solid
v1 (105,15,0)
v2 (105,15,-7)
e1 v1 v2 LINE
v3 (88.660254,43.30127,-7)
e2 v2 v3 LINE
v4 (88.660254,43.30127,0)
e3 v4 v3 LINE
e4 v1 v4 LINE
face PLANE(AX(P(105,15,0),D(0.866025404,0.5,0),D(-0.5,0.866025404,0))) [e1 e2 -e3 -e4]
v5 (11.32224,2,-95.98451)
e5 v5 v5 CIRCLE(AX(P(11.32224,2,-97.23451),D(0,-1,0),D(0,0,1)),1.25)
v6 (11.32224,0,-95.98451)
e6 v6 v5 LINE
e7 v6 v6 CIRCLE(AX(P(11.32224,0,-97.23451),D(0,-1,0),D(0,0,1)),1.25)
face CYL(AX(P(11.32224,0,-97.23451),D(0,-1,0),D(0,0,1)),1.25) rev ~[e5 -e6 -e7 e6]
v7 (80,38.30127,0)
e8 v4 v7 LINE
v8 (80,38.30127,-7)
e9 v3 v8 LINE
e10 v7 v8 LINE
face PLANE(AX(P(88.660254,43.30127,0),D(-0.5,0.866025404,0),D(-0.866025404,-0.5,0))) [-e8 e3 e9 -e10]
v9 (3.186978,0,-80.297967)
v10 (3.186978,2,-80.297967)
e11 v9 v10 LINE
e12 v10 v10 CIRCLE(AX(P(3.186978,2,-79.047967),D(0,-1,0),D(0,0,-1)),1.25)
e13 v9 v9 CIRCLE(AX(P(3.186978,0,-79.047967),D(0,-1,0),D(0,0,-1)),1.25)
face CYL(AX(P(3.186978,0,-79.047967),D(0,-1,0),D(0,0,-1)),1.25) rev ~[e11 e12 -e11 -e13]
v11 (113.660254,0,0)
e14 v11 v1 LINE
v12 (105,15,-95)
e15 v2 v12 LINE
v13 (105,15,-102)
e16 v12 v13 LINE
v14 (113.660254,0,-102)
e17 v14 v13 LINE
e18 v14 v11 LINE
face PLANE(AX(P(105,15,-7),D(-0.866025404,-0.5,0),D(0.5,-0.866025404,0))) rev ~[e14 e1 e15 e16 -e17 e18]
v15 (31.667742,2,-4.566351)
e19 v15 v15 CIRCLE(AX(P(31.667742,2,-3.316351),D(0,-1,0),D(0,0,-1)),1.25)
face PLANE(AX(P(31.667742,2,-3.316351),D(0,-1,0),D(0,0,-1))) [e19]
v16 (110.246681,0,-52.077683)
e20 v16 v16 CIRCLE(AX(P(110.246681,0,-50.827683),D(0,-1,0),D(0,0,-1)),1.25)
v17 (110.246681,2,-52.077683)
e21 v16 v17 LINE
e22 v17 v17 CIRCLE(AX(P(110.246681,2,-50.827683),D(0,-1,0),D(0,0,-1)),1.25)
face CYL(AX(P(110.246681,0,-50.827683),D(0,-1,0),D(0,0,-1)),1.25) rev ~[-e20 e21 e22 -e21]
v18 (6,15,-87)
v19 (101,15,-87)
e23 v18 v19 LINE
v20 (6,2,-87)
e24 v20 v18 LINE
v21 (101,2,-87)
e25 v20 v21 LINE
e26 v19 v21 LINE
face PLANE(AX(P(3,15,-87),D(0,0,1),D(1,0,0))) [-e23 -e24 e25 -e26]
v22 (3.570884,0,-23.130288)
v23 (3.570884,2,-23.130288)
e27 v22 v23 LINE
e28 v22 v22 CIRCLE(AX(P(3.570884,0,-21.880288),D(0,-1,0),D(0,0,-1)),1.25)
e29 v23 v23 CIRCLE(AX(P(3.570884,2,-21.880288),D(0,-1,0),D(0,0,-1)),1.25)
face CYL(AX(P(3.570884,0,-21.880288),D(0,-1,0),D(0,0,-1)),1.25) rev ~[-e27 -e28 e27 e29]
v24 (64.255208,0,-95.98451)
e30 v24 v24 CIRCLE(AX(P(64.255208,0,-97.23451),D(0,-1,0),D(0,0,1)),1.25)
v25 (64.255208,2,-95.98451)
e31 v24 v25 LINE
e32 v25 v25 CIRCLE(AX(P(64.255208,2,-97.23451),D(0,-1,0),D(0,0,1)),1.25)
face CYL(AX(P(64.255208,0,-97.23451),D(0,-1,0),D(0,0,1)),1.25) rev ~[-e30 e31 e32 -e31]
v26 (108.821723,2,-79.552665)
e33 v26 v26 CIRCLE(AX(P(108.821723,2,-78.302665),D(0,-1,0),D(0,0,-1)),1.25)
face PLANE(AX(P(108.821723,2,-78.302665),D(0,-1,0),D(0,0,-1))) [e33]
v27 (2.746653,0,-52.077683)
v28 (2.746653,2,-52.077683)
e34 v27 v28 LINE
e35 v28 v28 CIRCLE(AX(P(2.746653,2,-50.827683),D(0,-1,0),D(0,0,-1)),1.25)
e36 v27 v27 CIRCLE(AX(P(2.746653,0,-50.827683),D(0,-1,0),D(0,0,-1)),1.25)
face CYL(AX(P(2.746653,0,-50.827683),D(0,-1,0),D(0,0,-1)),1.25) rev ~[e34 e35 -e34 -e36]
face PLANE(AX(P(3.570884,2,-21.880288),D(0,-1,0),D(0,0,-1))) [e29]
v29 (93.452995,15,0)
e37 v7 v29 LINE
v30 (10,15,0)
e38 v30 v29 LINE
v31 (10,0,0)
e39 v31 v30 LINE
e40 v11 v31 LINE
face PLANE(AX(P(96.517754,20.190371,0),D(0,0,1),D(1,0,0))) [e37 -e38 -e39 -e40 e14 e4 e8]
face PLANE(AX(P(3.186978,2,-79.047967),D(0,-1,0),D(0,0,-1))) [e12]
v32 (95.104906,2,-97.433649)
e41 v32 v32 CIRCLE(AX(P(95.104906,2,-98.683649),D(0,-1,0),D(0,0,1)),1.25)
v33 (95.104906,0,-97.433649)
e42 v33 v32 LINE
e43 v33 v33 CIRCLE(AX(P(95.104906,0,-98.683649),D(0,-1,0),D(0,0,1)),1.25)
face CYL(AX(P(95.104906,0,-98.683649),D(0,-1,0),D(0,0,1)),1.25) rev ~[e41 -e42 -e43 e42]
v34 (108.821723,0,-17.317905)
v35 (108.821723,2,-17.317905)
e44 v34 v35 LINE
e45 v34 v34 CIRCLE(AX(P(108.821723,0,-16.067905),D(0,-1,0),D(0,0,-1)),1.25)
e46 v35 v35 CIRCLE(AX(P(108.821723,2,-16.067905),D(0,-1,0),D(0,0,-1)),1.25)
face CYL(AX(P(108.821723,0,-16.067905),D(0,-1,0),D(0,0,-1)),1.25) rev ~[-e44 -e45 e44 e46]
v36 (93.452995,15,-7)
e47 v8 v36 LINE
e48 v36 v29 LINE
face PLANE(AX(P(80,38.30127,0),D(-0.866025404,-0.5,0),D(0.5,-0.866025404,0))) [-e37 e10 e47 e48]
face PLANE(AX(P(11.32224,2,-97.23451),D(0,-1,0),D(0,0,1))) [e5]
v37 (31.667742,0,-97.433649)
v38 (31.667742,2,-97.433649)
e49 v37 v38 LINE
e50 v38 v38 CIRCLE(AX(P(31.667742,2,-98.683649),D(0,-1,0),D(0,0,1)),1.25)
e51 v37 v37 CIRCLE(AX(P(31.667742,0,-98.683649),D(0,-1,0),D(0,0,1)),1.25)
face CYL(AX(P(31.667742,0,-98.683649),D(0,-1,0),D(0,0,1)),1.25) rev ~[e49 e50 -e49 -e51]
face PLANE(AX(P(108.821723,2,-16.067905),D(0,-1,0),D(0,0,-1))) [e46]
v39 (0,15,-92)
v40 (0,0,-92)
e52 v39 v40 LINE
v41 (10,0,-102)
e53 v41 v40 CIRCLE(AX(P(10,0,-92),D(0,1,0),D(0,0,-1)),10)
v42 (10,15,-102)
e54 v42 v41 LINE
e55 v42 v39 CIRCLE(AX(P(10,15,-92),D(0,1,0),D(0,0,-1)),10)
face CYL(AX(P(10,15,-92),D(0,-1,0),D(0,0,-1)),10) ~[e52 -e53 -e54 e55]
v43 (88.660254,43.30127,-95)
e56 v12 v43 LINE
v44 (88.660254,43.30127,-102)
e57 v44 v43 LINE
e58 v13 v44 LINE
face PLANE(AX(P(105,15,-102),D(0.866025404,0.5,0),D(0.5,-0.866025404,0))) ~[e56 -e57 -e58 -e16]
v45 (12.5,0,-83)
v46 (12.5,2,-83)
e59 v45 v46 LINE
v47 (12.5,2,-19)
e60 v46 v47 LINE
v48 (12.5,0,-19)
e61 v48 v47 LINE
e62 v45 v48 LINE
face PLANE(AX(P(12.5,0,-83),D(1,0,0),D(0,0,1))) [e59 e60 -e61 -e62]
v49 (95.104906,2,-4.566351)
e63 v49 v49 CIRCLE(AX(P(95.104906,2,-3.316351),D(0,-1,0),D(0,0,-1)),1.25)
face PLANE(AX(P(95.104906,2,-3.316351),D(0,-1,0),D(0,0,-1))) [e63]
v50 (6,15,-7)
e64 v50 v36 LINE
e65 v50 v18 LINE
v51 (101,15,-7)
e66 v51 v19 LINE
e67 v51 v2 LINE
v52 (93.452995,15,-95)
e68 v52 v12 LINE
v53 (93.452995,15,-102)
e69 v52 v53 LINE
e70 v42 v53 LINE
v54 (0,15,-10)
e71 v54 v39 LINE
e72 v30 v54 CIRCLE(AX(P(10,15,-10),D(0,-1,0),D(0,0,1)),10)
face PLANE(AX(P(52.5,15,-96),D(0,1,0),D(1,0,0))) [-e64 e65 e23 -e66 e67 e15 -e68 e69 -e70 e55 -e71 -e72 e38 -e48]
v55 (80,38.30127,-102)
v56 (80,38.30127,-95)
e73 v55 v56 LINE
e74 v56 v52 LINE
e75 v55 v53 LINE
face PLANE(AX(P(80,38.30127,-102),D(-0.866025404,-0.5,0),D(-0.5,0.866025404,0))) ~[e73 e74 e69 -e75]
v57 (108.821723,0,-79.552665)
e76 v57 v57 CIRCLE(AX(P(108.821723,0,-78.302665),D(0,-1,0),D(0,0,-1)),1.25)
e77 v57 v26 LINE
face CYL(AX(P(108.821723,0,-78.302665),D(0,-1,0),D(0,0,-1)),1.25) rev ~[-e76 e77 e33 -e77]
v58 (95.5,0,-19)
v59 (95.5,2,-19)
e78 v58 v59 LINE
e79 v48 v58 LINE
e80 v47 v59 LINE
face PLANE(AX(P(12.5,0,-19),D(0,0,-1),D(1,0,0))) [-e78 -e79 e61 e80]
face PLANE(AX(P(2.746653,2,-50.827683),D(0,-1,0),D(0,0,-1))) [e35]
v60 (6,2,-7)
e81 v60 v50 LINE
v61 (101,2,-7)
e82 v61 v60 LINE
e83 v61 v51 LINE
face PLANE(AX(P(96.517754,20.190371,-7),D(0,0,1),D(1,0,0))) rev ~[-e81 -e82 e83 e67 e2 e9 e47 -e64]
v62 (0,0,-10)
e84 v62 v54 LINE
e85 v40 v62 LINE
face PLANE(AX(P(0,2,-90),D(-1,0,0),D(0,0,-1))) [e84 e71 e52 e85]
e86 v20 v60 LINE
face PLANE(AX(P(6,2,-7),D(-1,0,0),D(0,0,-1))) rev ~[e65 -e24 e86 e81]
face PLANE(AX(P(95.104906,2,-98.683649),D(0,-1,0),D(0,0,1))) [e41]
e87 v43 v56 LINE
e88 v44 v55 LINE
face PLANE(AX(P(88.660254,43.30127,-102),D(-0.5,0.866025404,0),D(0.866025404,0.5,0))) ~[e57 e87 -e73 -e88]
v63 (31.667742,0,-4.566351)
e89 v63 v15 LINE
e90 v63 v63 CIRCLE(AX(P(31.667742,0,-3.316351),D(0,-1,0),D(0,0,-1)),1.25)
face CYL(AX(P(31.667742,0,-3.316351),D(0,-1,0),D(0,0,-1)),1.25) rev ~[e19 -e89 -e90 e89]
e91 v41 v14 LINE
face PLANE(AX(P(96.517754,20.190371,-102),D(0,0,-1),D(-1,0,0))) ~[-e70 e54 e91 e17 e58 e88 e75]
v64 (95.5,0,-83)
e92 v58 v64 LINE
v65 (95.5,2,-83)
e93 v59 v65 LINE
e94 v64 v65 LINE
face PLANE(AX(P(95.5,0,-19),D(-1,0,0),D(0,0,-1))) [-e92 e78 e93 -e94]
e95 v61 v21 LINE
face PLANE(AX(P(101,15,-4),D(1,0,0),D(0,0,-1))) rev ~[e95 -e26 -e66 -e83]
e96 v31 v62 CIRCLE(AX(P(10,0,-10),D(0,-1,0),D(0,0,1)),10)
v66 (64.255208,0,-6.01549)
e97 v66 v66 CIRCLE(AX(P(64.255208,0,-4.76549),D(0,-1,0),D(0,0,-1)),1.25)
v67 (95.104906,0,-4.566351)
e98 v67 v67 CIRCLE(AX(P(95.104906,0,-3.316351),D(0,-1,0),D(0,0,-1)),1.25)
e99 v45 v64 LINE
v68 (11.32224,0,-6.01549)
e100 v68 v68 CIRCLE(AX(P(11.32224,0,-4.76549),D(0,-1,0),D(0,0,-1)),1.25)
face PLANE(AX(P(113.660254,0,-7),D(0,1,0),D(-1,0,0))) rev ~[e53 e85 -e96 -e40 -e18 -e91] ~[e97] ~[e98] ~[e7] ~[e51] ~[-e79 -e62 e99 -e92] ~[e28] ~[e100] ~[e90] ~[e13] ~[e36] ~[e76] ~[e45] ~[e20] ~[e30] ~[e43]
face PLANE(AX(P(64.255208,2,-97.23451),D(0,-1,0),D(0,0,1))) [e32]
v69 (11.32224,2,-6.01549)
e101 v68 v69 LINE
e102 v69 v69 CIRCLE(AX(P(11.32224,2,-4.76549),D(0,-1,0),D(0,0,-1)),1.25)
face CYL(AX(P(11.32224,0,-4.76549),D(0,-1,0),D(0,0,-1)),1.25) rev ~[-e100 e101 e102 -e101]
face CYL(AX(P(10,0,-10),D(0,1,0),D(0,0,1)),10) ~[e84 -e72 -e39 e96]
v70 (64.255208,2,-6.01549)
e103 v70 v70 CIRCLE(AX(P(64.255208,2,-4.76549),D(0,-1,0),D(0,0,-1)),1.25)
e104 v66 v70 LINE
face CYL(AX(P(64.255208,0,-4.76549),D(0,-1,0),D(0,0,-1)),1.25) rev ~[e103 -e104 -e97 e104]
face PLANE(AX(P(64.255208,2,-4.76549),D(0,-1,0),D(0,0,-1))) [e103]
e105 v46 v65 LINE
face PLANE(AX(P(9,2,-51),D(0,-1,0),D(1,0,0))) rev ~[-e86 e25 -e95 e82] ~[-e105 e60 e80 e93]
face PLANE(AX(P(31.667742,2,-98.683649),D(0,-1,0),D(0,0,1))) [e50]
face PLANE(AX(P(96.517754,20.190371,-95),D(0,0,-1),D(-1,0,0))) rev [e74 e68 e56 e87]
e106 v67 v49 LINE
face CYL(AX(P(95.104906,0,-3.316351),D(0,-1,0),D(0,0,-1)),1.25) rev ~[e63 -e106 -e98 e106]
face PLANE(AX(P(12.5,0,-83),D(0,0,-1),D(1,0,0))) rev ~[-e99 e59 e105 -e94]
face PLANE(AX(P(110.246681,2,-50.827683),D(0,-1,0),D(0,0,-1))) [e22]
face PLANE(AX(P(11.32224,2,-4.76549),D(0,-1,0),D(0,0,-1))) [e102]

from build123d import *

# Parameters (mm, degrees)
SKIZZE6_W                        = 105
SKIZZE6_H                        = 90
AUFSATZ_LINEAR_AUSTRAGEN3_DEPTH  = 15
SKIZZE7_W                        = 98
SKIZZE7_H                        = 83
SCHNITT_LINEAR_AUSTRAGEN1_DEPTH  = 13
SKIZZE8_W                        = 93
SKIZZE8_H                        = 66
SCHNITT_LINEAR_AUSTRAGEN2_DEPTH  = 13
SKIZZE12_W                       = 83
SKIZZE12_H                       = 1
AUFSATZ_LINEAR_AUSTRAGEN4_DEPTH  = 2
SKIZZE13_W                       = 3
SKIZZE13_H                       = 80
SKIZZE13_H_2                     = 3
SKIZZE13_W_2                     = 95
AUFSATZ_LINEAR_AUSTRAGEN5_DEPTH  = 13
SKIZZE14_W                       = 105
SKIZZE14_H                       = 19
AUFSATZ_LINEAR_AUSTRAGEN7_DEPTH  = 2
SKIZZE15_W                       = 105
SKIZZE15_H                       = 12
AUFSATZ_LINEAR_AUSTRAGEN8_DEPTH  = 13
AUFSATZ_LINEAR_AUSTRAGEN13_DEPTH = 7
AUFSATZ_LINEAR_AUSTRAGEN14_DEPTH = 88
SKIZZE28_R                       = 1.25
SCHNITT_LINEAR_AUSTRAGEN3_DEPTH  = 2
VERRUNDUNG1_R                    = 10


with BuildPart() as part:
    # Skizze6 → Aufsatz-Linear austragen3 (new body)
    with BuildSketch(Plane(origin=(0, 0, 0), x_dir=(1, 0, 0), z_dir=(0, 1, 0))):
        with Locations((52.5, 45)):
            Rectangle(SKIZZE6_W, SKIZZE6_H)
    extrude(amount=AUFSATZ_LINEAR_AUSTRAGEN3_DEPTH)

    # Skizze7 → Schnitt-Linear austragen1 (cut)
    with BuildSketch(Plane(origin=(0, 15, 0), x_dir=(1, 0, 0), z_dir=(0, 1, 0))):
        with Locations((52, 45.5)):
            Rectangle(SKIZZE7_W, SKIZZE7_H)
    extrude(amount=-SCHNITT_LINEAR_AUSTRAGEN1_DEPTH, mode=Mode.SUBTRACT)

    # Skizze8 → Schnitt-Linear austragen2 (cut)
    with BuildSketch(Plane(origin=(0, 2, 0), x_dir=(1, 0, 0), z_dir=(0, 1, 0))):
        with Locations((52, 51)):
            Rectangle(SKIZZE8_W, SKIZZE8_H)
    extrude(amount=-SCHNITT_LINEAR_AUSTRAGEN2_DEPTH, mode=Mode.SUBTRACT)

    # Skizze12 → Aufsatz-Linear austragen4 (add)
    with BuildSketch(Plane.XZ):
        Polygon((5.5, -18), (5.5, -84), (12.5, -84), (12.5, -83), (12.5, -19), (12.5, -18), align=None)
        Polygon((95.5, -83), (95.5, -84), (98.5, -84), (98.5, -18), (95.5, -18), (95.5, -19), align=None)
        with Locations((54, -83.5)):
            Rectangle(SKIZZE12_W, SKIZZE12_H)
        with Locations((54, -18.5)):
            Rectangle(SKIZZE12_W, SKIZZE12_H)
    extrude(amount=-AUFSATZ_LINEAR_AUSTRAGEN4_DEPTH)

    # Skizze13 → Aufsatz-Linear austragen5 (add)
    with BuildSketch(Plane(origin=(0, 2, 0), x_dir=(1, 0, 0), z_dir=(0, 1, 0))):
        with Locations((4.5, 47)):
            Rectangle(SKIZZE13_W, SKIZZE13_H)
        with Locations((4.5, 5.5)):
            Rectangle(SKIZZE13_W, SKIZZE13_H_2)
        with Locations((53.5, 5.5)):
            Rectangle(SKIZZE13_W_2, SKIZZE13_H_2)
    extrude(amount=AUFSATZ_LINEAR_AUSTRAGEN5_DEPTH)

    # Skizze14 → Aufsatz-Linear austragen7 (add)
    with BuildSketch(Plane.XZ):
        with Locations((52.5, -92.5)):
            Rectangle(SKIZZE14_W, SKIZZE14_H)
    extrude(amount=-AUFSATZ_LINEAR_AUSTRAGEN7_DEPTH)

    # Skizze15 → Aufsatz-Linear austragen8 (add)
    with BuildSketch(Plane(origin=(0, 2, 0), x_dir=(1, 0, 0), z_dir=(0, 1, 0))):
        with Locations((52.5, 96)):
            Rectangle(SKIZZE15_W, SKIZZE15_H)
    extrude(amount=AUFSATZ_LINEAR_AUSTRAGEN8_DEPTH)

    # Skizze21 → Aufsatz-Linear austragen13 (add)
    with BuildSketch(Plane.XY):
        Polygon((113.660254038, 0), (105, 15), (88.660254038, 43.301270189), (80, 38.301270189), (102.113248654, 0), align=None)
    aufsatz_linear_austragen13 = extrude(amount=-AUFSATZ_LINEAR_AUSTRAGEN13_DEPTH)

    # Spiegeln2: Aufsatz-Linear austragen13 across plane
    add(aufsatz_linear_austragen13.mirror(Plane(origin=(0, 0, -51), x_dir=(1, 0, 0), z_dir=(0, 0, -1))))

    # Skizze22 → Aufsatz-Linear austragen14 (add)
    with BuildSketch(Plane(origin=(0, 0, -7), x_dir=(-1, 0, 0), z_dir=(0, 0, -1))):
        Polygon((-113.660254038, 0), (-105, 0), (-105, 15), align=None)
    extrude(amount=AUFSATZ_LINEAR_AUSTRAGEN14_DEPTH)

    # Skizze28 → Schnitt-Linear austragen3 (cut)
    with BuildSketch(Plane.XZ):
        with Locations(Location((11.322239977, -4.765490033, 0), (0, 0, 270))):
            Circle(SKIZZE28_R)
        with Locations(Location((31.667742372, -3.316351302, 0), (0, 0, 270))):
            Circle(SKIZZE28_R)
        with Locations(Location((64.25520832, -4.765490033, 0), (0, 0, 270))):
            Circle(SKIZZE28_R)
        with Locations(Location((95.104906067, -3.316351302, 0), (0, 0, 270))):
            Circle(SKIZZE28_R)
        with Locations(Location((95.104906067, -98.683648698, 0), (0, 0, 90))):
            Circle(SKIZZE28_R)
        with Locations(Location((64.25520832, -97.234509967, 0), (0, 0, 90))):
            Circle(SKIZZE28_R)
        with Locations(Location((31.667742372, -98.683648698, 0), (0, 0, 90))):
            Circle(SKIZZE28_R)
        with Locations(Location((11.322239977, -97.234509967, 0), (0, 0, 90))):
            Circle(SKIZZE28_R)
        with Locations(Location((108.821722726, -16.067904783, 0), (0, 0, 270))):
            Circle(SKIZZE28_R)
        with Locations(Location((108.821722726, -78.302664898, 0), (0, 0, 270))):
            Circle(SKIZZE28_R)
        with Locations(Location((110.246680606, -50.827682844, 0), (0, 0, 270))):
            Circle(SKIZZE28_R)
        with Locations(Location((2.746653242, -50.827682844, 0), (0, 0, 270))):
            Circle(SKIZZE28_R)
        with Locations(Location((3.570883833, -21.880288219, 0), (0, 0, 270))):
            Circle(SKIZZE28_R)
        with Locations(Location((3.186977763, -79.047966594, 0), (0, 0, 270))):
            Circle(SKIZZE28_R)
    extrude(amount=-SCHNITT_LINEAR_AUSTRAGEN3_DEPTH, mode=Mode.SUBTRACT)

    # Verrundung1
    verrundung1_edges = [part.edges().sort_by_distance(p)[0] for p in [
        (0, 7.5, -102),
        (0, 7.5, 0),
    ]]
    fillet(verrundung1_edges, radius=VERRUNDUNG1_R)


solid = part.part
